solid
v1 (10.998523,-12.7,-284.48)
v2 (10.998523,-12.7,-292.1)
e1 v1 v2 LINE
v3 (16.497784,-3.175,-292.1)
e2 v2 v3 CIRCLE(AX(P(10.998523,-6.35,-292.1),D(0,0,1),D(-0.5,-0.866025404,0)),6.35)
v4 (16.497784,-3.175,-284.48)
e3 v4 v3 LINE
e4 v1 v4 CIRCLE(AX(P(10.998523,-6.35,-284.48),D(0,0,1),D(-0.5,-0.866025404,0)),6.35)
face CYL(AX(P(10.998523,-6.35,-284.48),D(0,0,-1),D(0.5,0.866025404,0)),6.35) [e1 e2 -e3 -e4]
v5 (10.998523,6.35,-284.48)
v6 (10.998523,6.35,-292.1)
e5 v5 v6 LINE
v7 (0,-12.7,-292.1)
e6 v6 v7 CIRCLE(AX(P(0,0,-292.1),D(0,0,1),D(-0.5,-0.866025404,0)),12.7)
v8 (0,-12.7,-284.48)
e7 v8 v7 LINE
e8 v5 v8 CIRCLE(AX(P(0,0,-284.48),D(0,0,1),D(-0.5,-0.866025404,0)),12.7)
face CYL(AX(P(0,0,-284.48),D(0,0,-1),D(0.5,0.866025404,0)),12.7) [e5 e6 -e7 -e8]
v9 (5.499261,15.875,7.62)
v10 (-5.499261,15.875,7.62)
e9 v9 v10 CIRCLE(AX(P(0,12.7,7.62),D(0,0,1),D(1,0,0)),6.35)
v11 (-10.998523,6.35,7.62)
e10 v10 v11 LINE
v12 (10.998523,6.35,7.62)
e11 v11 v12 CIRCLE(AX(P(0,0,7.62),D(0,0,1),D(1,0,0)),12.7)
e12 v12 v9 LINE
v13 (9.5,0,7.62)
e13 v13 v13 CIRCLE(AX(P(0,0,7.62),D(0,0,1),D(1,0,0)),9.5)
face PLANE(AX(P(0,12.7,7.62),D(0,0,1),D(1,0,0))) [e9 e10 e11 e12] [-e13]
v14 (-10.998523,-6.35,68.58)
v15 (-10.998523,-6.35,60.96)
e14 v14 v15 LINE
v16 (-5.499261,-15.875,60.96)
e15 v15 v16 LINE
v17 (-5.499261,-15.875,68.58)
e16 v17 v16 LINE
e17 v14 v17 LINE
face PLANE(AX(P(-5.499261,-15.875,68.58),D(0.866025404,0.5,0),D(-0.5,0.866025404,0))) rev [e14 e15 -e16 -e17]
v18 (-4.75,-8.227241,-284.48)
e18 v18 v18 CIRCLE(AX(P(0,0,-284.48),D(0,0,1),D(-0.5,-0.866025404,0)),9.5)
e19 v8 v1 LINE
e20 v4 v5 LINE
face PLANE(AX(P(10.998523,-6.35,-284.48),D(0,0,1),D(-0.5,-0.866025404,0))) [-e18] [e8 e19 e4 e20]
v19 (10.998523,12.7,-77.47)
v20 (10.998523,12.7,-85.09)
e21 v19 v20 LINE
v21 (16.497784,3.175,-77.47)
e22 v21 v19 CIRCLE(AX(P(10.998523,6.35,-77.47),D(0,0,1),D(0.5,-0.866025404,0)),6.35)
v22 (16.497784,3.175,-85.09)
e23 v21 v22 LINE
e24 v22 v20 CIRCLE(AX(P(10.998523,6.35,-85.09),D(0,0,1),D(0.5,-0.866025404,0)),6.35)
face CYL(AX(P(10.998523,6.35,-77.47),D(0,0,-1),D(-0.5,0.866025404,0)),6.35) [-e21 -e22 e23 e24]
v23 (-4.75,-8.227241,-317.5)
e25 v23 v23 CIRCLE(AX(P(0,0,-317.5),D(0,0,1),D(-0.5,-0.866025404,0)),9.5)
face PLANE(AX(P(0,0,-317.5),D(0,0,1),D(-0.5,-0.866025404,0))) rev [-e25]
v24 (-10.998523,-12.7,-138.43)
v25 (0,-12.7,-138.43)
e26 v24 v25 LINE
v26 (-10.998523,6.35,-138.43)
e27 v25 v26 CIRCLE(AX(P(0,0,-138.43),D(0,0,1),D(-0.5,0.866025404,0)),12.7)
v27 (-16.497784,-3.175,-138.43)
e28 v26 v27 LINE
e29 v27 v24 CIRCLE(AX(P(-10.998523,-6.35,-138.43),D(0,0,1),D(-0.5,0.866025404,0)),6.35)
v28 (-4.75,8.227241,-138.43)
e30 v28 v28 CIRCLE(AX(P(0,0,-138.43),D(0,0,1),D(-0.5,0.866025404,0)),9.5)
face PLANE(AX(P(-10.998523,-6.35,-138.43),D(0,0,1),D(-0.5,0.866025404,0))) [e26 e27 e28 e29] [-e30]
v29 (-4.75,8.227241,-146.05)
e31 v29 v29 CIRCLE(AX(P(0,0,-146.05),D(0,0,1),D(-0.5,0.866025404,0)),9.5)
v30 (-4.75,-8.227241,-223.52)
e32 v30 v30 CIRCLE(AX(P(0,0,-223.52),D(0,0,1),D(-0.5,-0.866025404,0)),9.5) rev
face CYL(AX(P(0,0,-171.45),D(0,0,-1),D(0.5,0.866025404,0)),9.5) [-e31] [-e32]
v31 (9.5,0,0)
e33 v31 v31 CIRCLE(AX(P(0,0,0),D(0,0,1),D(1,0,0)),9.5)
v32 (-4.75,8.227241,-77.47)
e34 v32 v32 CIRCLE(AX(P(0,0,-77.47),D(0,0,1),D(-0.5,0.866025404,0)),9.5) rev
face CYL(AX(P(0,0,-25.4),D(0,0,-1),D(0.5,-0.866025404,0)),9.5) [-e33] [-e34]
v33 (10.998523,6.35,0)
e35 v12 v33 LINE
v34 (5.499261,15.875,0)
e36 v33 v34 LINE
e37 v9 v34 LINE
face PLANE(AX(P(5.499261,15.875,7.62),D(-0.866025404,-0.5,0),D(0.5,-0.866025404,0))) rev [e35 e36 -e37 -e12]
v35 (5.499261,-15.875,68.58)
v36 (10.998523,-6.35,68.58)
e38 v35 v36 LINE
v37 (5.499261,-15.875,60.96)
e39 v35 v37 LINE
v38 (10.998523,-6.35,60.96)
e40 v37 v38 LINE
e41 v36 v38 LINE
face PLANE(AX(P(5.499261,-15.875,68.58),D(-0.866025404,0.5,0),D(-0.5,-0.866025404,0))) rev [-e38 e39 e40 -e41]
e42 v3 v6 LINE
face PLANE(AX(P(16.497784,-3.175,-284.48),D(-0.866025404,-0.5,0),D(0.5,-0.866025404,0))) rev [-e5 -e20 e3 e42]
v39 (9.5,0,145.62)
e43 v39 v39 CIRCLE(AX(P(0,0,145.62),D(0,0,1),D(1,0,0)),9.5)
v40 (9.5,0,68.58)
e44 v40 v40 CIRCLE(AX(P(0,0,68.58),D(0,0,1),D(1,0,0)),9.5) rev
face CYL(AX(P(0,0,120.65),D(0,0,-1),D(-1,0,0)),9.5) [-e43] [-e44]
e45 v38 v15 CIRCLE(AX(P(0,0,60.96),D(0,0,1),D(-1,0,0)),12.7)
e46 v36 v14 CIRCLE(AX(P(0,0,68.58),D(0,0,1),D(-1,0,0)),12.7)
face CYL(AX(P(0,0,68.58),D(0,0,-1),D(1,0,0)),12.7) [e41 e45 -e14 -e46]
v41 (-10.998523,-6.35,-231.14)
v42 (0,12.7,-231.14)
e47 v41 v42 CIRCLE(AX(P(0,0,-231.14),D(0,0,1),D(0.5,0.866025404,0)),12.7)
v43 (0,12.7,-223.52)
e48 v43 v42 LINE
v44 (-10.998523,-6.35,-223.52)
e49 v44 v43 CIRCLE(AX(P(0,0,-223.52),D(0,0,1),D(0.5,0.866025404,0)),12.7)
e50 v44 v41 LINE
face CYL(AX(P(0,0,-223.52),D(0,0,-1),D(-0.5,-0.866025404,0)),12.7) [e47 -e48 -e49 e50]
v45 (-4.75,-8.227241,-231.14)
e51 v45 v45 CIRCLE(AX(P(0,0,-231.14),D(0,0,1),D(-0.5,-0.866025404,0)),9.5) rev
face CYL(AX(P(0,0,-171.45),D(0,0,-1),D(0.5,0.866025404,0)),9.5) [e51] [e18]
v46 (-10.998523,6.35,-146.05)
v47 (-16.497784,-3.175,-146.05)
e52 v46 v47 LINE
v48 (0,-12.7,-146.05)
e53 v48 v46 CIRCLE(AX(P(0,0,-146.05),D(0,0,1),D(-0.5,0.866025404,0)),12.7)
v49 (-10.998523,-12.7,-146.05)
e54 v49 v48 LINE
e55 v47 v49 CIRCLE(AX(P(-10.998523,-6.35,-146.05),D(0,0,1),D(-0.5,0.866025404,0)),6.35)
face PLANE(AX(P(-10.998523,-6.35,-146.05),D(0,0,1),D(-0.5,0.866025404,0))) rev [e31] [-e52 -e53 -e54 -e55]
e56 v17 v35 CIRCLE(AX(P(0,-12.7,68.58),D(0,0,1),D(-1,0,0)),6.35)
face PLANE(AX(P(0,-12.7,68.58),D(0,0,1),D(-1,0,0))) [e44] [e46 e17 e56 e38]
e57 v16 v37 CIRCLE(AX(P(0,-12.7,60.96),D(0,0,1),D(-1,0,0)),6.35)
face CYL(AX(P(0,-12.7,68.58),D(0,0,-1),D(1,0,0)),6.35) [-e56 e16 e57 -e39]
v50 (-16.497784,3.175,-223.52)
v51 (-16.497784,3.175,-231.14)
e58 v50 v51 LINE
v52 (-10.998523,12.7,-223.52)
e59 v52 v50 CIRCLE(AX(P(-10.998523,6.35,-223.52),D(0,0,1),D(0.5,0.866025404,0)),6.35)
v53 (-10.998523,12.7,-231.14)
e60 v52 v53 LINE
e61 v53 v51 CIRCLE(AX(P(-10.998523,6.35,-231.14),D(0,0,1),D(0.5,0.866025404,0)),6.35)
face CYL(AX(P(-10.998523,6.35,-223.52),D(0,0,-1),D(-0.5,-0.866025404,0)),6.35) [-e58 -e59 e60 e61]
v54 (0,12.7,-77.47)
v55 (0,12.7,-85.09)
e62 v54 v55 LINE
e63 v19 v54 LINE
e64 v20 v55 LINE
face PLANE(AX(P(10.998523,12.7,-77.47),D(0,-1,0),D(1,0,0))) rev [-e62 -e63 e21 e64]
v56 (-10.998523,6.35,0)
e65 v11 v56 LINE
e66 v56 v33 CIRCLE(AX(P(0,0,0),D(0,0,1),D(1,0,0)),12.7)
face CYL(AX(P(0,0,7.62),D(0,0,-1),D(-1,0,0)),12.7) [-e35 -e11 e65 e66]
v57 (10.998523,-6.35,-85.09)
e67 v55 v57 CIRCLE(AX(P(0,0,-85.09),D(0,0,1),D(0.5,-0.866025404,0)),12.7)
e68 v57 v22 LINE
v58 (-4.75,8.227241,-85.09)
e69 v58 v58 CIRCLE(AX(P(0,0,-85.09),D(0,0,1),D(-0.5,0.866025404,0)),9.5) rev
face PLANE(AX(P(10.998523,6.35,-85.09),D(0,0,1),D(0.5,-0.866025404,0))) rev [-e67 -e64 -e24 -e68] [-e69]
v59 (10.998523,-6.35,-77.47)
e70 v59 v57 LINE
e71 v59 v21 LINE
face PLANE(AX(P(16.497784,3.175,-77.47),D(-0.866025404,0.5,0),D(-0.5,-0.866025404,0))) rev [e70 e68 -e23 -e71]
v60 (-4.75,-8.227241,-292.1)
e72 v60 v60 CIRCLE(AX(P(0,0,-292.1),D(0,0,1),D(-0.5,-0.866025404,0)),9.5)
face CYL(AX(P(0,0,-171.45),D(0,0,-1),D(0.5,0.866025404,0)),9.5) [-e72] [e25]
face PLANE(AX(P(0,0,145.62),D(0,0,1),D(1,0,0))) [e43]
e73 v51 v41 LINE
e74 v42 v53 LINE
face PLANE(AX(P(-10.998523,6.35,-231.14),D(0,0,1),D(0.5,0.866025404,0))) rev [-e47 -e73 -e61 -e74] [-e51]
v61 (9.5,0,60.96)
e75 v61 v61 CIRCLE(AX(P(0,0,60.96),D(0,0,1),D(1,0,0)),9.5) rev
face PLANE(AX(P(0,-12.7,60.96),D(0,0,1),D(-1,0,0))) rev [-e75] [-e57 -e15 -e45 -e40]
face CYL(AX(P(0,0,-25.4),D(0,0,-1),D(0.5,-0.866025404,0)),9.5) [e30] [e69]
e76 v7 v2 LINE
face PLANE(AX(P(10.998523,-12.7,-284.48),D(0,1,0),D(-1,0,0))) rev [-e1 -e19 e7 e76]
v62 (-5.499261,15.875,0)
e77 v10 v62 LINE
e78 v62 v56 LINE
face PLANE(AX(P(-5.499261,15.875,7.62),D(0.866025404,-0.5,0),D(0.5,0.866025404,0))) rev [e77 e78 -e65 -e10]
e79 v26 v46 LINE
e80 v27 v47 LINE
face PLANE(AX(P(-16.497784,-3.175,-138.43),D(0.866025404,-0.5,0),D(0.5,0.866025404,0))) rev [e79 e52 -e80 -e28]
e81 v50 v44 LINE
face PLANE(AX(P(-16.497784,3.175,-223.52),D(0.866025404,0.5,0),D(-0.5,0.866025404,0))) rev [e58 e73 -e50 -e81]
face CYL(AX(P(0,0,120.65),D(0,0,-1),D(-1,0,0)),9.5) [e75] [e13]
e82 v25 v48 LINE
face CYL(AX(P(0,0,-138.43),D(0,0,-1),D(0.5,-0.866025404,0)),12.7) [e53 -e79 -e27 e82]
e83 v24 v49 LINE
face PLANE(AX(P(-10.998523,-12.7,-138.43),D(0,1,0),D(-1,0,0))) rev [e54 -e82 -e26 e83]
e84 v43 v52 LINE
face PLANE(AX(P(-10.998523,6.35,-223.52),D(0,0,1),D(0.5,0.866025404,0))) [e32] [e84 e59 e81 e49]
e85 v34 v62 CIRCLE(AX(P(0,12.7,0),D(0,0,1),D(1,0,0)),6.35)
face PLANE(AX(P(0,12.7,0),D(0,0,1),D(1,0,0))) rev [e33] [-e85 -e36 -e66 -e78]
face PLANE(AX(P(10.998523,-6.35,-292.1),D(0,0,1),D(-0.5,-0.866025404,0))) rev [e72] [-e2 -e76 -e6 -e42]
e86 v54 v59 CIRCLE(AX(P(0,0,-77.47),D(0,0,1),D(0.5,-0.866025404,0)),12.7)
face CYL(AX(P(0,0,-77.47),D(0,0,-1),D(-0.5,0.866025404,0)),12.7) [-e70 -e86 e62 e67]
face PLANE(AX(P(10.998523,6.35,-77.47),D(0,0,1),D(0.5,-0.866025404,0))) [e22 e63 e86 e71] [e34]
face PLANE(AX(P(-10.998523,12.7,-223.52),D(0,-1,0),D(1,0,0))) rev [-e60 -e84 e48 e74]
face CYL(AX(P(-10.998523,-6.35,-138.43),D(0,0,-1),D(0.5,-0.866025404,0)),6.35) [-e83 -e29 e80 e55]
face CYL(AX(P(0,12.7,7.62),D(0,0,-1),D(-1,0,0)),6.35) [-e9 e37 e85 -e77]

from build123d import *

# Parameters (mm, degrees)
ESTRUSIONE_ESTRUSIONE1_DEPTH = 7.62
CORPO_SPOSTA_COPIA8_ANGLE    = 180
ESTRUSIONE_ESTRUSIONE4_START = -25.4
SCHIZZO11_R                  = 9.5
ESTRUSIONE_ESTRUSIONE4_DEPTH = 146.05
RIPETIZIONE_A_L1_COUNT       = 3
RIPETIZIONE_A_L1_PITCH       = 146.05
CORPO_SPOSTA_COPIA9_ANGLE    = 120
CORPO_SPOSTA_COPIA10_ANGLE   = 120
SCHIZZO12_R                  = 9.5
ESTRUSIONE_ESTRUSIONE5_DEPTH = 24.97


with BuildPart() as part:
    # Schizzo4 → Estrusione-Estrusione1 (new body)
    with BuildSketch(Plane.XY):
        with BuildLine():
            Line((5.499261314, 15.875), (10.998522628, 6.35))
            ThreePointArc((10.998522628, 6.35), (0, -12.7), (-10.998522628, 6.35))
            Line((-10.998522628, 6.35), (-5.499261314, 15.875))
            ThreePointArc((-5.499261314, 15.875), (0, 19.05), (5.499261314, 15.875))
        make_face()
    extrude(amount=ESTRUSIONE_ESTRUSIONE1_DEPTH)


with BuildPart() as body_2:
    # Corpo-Sposta/copia7: copy of part
    add(part.part.moved(Location((0, 0, 60.96))))


with BuildPart() as body_2_1:
    # Corpo-Sposta/copia8: moved
    add(body_2.part.rotate(Axis((0, 0, 0), (0, 0, 1)), CORPO_SPOSTA_COPIA8_ANGLE))


with BuildPart() as part_1:
    add(part.part)

    add(body_2_1.part)  # Estrusione-Estrusione4 merges body 2
    # Schizzo11 → Estrusione-Estrusione4 (add)
    with BuildSketch(Plane.XY.offset(ESTRUSIONE_ESTRUSIONE4_START)):
        Circle(SCHIZZO11_R)
    extrude(amount=ESTRUSIONE_ESTRUSIONE4_DEPTH)


with BuildPart() as ripetizione_a_l1_1:
    # Ripetizione a L1: pattern copy
    add(part_1.part.moved(Location(Vector(0, 0, -1) * (1 * RIPETIZIONE_A_L1_PITCH))))


with BuildPart() as ripetizione_a_l1_2:
    # Ripetizione a L1: pattern copy
    add(part_1.part.moved(Location(Vector(0, 0, -1) * (2 * RIPETIZIONE_A_L1_PITCH))))


with BuildPart() as ripetizione_a_l1_1_1:
    # Corpo-Sposta/copia9: moved
    add(ripetizione_a_l1_1.part.rotate(Axis((0, 0, 0), (0, 0, 1)), CORPO_SPOSTA_COPIA9_ANGLE))


with BuildPart() as ripetizione_a_l1_2_1:
    # Corpo-Sposta/copia10: moved
    add(ripetizione_a_l1_2.part.rotate(Axis((0, 0, 0), (0, 0, -1)), CORPO_SPOSTA_COPIA10_ANGLE))


with BuildPart() as part_2:
    add(part_1.part)

    # Schizzo12 → Estrusione-Estrusione5 (add)
    with BuildSketch(Plane.XY.offset(120.65)):
        Circle(SCHIZZO12_R)
    extrude(amount=ESTRUSIONE_ESTRUSIONE5_DEPTH)


with BuildPart() as ripetizione_a_l1_2_2:
    add(ripetizione_a_l1_2_1.part)

    # Abbina1: union Ripetizione a L1_1, part
    add(ripetizione_a_l1_1_1.part)
    add(part_2.part)


solid = ripetizione_a_l1_2_2.part
